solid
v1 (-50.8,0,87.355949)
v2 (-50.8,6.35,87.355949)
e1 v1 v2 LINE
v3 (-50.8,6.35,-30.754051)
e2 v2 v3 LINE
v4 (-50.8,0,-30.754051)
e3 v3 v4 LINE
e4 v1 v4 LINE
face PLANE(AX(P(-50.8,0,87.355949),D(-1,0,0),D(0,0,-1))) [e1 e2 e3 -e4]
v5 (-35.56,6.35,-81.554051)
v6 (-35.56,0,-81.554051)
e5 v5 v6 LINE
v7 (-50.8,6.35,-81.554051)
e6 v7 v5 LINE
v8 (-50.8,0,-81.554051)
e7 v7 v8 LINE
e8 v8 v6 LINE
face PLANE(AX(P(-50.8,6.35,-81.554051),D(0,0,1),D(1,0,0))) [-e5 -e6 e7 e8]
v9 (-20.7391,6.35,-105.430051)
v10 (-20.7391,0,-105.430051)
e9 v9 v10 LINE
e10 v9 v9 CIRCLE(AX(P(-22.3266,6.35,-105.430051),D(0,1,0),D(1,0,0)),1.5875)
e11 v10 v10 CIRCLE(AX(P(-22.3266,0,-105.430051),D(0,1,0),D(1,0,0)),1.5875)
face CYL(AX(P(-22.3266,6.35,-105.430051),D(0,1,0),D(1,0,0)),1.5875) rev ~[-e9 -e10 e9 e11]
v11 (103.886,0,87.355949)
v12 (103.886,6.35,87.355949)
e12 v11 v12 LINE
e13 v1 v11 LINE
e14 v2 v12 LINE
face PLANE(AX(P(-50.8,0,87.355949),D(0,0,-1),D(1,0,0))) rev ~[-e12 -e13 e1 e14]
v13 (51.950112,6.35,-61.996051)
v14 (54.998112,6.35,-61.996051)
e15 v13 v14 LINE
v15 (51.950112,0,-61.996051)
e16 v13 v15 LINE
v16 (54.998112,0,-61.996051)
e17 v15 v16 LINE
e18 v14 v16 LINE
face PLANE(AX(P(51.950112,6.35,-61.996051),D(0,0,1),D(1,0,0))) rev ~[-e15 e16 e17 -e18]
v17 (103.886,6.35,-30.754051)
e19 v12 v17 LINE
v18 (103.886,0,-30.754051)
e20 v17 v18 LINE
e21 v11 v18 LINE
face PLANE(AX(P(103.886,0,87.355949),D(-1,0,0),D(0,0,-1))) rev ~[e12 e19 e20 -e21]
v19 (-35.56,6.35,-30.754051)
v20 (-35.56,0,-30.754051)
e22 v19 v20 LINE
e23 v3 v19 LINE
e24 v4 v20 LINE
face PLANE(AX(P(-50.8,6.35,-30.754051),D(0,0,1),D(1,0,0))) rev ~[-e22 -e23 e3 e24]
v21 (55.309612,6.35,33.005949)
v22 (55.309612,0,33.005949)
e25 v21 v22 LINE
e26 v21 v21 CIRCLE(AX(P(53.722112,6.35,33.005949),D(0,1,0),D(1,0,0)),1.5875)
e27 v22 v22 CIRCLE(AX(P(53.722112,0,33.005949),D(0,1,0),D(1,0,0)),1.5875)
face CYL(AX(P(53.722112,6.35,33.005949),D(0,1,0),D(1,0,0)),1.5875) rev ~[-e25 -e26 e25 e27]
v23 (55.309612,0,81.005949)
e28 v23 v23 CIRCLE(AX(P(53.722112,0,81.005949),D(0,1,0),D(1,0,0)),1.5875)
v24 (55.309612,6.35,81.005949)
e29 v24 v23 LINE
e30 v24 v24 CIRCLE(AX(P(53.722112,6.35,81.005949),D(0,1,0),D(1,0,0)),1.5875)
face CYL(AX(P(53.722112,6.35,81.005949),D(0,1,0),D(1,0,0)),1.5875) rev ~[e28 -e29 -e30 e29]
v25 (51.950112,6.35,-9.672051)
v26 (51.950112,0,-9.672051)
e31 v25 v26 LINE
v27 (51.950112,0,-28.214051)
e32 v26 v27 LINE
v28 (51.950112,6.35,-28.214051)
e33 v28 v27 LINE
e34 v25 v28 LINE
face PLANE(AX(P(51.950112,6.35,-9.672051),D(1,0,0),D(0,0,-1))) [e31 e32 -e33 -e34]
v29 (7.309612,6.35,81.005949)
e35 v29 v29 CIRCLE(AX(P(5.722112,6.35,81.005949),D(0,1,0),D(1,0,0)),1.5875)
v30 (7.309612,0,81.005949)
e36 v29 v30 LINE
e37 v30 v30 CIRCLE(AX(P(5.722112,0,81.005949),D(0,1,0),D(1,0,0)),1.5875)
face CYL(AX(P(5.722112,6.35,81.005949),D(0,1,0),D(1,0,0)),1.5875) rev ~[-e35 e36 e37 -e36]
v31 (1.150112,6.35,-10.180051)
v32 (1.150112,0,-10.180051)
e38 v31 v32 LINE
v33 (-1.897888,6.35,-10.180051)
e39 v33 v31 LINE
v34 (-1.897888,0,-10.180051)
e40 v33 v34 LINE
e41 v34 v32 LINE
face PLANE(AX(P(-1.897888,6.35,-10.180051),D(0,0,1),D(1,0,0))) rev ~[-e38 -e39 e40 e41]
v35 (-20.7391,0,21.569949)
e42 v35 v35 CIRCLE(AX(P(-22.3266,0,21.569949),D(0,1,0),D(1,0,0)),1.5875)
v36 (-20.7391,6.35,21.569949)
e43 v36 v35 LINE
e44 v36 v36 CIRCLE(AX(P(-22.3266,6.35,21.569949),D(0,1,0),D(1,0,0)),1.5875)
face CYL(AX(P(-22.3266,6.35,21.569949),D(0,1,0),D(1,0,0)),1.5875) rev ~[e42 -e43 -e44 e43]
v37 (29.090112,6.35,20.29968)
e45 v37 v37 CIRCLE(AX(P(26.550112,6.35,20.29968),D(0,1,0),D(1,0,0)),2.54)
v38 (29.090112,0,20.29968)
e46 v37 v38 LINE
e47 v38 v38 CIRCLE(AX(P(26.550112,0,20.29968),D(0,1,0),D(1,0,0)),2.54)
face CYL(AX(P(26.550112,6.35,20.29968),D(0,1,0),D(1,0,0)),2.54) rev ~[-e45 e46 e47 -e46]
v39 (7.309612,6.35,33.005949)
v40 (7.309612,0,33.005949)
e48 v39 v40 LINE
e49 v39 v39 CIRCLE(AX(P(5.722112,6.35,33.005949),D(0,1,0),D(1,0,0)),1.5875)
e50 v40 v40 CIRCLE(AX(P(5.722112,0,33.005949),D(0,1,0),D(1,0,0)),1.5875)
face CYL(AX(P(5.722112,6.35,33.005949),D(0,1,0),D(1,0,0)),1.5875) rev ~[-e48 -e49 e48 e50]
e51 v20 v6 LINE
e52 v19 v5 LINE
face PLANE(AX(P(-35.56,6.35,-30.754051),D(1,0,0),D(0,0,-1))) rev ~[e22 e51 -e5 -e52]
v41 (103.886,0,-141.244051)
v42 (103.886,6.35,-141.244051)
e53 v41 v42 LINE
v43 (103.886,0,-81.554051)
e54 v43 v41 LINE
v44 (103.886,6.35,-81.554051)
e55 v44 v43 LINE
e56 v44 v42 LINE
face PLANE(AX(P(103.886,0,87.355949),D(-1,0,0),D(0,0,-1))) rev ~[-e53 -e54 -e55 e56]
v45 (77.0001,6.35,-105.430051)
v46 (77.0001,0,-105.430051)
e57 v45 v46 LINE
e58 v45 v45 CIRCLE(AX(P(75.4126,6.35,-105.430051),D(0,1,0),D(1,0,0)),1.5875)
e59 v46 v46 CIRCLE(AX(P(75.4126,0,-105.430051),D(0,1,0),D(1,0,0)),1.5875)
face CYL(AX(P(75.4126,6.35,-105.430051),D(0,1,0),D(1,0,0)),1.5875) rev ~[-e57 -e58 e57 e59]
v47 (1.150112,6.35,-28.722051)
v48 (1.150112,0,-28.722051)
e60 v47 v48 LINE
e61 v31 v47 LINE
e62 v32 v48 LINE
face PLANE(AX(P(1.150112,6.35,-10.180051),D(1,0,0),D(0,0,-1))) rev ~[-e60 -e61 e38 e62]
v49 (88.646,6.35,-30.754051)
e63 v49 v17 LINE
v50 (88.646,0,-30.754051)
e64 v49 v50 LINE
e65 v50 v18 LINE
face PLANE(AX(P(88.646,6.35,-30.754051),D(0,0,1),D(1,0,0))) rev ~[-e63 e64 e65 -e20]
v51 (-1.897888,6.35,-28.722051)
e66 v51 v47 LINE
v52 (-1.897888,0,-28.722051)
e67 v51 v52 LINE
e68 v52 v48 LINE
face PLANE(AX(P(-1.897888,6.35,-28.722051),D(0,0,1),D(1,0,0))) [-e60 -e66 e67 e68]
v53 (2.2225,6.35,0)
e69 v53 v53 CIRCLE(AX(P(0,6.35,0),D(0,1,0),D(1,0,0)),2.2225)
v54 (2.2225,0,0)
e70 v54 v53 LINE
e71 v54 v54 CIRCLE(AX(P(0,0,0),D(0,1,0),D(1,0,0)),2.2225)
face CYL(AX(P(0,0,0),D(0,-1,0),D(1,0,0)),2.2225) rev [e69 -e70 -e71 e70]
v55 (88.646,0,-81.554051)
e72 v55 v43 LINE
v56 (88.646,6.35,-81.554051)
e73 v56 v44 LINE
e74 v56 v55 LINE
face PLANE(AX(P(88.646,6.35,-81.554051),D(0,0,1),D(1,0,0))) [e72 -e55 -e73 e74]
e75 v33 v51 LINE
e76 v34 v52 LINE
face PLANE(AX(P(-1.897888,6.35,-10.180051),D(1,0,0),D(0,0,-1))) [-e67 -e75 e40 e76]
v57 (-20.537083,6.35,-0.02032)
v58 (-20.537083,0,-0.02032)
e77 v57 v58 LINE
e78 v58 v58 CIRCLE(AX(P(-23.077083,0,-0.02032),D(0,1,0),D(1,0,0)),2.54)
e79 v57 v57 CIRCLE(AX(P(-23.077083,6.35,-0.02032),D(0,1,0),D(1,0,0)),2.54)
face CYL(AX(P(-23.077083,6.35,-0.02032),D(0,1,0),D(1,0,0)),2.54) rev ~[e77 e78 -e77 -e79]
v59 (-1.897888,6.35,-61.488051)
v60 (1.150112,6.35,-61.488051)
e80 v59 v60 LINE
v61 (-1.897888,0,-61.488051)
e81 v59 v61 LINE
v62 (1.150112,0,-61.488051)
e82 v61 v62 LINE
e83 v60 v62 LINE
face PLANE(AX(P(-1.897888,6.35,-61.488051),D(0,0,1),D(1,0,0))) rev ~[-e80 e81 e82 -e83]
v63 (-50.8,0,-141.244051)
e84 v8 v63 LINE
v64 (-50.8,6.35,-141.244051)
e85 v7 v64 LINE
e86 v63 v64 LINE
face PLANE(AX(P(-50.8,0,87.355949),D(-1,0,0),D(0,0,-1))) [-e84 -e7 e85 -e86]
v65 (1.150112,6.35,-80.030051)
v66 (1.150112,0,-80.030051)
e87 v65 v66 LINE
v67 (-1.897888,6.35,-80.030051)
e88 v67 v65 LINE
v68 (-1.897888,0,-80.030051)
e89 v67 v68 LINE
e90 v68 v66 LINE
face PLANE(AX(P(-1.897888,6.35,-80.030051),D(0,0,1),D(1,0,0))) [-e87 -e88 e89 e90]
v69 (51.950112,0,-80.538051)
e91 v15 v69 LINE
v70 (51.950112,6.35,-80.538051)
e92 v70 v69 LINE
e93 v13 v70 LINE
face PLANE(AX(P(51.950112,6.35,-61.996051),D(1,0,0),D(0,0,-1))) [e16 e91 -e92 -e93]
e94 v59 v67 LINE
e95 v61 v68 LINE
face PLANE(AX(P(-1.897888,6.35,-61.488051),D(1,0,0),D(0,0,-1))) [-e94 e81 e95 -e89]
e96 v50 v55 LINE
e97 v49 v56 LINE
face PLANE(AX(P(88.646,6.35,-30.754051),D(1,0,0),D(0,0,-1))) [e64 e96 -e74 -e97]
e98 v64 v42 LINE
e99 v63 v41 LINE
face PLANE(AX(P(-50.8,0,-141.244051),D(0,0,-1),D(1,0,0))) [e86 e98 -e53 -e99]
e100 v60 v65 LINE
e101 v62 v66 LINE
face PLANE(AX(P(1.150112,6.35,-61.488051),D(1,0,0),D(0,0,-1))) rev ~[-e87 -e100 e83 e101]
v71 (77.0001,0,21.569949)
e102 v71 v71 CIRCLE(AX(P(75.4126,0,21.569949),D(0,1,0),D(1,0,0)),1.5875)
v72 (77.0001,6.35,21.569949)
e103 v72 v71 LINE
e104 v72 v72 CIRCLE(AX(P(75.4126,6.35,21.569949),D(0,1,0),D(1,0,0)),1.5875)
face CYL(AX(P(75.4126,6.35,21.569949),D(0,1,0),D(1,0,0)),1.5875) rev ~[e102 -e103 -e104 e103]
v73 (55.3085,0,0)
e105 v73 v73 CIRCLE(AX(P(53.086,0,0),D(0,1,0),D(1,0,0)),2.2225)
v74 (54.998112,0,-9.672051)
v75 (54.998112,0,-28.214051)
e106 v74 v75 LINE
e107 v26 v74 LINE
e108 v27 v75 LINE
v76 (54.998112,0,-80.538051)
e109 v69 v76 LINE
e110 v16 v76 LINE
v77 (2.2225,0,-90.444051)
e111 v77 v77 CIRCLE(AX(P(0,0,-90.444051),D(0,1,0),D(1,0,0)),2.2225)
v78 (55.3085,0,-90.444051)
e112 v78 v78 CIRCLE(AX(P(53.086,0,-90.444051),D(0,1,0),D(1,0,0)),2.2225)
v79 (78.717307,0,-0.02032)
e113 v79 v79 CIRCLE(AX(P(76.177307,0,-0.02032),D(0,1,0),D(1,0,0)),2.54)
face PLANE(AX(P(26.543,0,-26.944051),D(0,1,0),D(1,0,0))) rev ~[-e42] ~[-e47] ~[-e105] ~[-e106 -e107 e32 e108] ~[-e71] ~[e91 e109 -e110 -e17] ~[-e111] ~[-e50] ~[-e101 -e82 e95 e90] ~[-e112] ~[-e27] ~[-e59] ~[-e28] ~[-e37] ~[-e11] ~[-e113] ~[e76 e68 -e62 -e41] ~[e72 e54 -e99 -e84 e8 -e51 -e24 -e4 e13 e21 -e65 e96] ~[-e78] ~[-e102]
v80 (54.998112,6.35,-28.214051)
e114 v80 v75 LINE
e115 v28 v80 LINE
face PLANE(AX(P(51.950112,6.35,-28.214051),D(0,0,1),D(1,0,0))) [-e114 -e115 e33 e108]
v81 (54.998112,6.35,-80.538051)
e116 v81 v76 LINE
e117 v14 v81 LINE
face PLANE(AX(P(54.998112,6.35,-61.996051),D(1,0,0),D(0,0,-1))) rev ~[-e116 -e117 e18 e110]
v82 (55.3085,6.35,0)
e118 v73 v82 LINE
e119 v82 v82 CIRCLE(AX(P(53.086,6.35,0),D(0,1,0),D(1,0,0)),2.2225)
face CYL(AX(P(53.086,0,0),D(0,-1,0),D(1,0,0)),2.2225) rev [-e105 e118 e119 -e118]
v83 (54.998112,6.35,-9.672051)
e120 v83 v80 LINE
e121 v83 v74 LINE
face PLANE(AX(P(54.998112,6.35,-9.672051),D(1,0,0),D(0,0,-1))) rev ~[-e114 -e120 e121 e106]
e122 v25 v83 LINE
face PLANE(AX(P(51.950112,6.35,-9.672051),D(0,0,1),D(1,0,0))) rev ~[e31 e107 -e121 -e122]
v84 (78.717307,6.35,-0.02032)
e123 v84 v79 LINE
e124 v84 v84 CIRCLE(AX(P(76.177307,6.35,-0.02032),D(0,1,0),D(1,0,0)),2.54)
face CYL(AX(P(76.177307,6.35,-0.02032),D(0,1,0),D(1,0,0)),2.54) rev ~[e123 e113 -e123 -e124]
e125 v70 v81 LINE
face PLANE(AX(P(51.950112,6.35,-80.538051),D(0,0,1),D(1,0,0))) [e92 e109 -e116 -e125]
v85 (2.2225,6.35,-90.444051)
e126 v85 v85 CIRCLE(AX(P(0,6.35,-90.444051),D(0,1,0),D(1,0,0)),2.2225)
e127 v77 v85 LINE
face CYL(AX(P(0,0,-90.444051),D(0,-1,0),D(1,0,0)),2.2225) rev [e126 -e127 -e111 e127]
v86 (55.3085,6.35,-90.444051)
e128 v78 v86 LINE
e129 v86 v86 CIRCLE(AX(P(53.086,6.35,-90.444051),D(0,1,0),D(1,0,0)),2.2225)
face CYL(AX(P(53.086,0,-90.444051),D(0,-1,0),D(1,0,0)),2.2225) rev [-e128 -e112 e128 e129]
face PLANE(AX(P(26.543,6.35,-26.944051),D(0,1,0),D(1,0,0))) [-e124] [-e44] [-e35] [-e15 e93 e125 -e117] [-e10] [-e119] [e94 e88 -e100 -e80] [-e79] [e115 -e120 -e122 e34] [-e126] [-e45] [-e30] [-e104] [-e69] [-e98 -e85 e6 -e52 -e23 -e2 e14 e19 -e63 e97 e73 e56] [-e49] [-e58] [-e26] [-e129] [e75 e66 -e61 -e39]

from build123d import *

# Parameters (mm, degrees)
SKETCH2_W           = 154.686
SKETCH2_H           = 228.6
BOSS_EXTRUDE1_DEPTH = 6.35
SKETCH1_R           = 2.2225
CUT_EXTRUDE1_DEPTH  = 6.35
SKETCH3_W           = 15.24
SKETCH3_H           = 50.8
CUT_EXTRUDE2_DEPTH  = 6.35
SKETCH8_R           = 2.54
CUT_EXTRUDE3_DEPTH  = 17.78
SKETCH9_R           = 1.5875
CUT_EXTRUDE4_DEPTH  = 17.78
SKETCH10_R          = 1.5875
CUT_EXTRUDE5_DEPTH  = 10.16
SKETCH12_W          = 3.048
SKETCH12_H          = 18.542
CUT_EXTRUDE7_DEPTH  = 8.255


with BuildPart() as part:
    # Sketch2 → Boss-Extrude1 (new body)
    with BuildSketch(Plane(origin=(0, 0, 0), x_dir=(1, 0, 0), z_dir=(0, 1, 0))):
        with Locations((26.543, 26.944051327)):
            Rectangle(SKETCH2_W, SKETCH2_H)
    extrude(amount=BOSS_EXTRUDE1_DEPTH)

    # Sketch1 → Cut-Extrude1 (cut)
    with BuildSketch(Plane(origin=(0, 0, 0), x_dir=(1, 0, 0), z_dir=(0, 1, 0))):
        with Locations((0, 90.444051327)):
            Circle(SKETCH1_R)
        with Locations((53.086, 90.444051327)):
            Circle(SKETCH1_R)
        Circle(SKETCH1_R)
        with Locations((53.086, 0)):
            Circle(SKETCH1_R)
    extrude(amount=CUT_EXTRUDE1_DEPTH, mode=Mode.SUBTRACT)

    # Sketch3 → Cut-Extrude2 (cut)
    with BuildSketch(Plane(origin=(0, 6.35, 0), x_dir=(1, 0, 0), z_dir=(0, 1, 0))):
        with Locations((96.266, 56.154051327)):
            Rectangle(SKETCH3_W, SKETCH3_H)
        with Locations((-43.18, 56.154051327)):
            Rectangle(SKETCH3_W, SKETCH3_H)
    extrude(amount=-CUT_EXTRUDE2_DEPTH, mode=Mode.SUBTRACT)

    # Sketch8 → Cut-Extrude3 (cut)
    with BuildSketch(Plane(origin=(0, 6.35, 0), x_dir=(1, 0, 0), z_dir=(0, 1, 0))):
        with Locations((26.550112, -20.29968)):
            Circle(SKETCH8_R)
        with Locations((-23.077082804, 0.02032)):
            Circle(SKETCH8_R)
        with Locations((76.177306804, 0.02032)):
            Circle(SKETCH8_R)
    extrude(amount=-CUT_EXTRUDE3_DEPTH, mode=Mode.SUBTRACT)

    # Sketch9 → Cut-Extrude4 (cut)
    with BuildSketch(Plane(origin=(0, 6.35, 0), x_dir=(1, 0, 0), z_dir=(0, 1, 0))):
        with Locations((53.722112, -33.005948673)):
            Circle(SKETCH9_R)
        with Locations((5.722112, -33.005948673)):
            Circle(SKETCH9_R)
        with Locations((53.722112, -81.005948673)):
            Circle(SKETCH9_R)
        with Locations((5.722112, -81.005948673)):
            Circle(SKETCH9_R)
    extrude(amount=-CUT_EXTRUDE4_DEPTH, mode=Mode.SUBTRACT)

    # Sketch10 → Cut-Extrude5 (cut)
    with BuildSketch(Plane(origin=(0, 6.35, 0), x_dir=(1, 0, 0), z_dir=(0, 1, 0))):
        with Locations((-22.3266, 105.430051327)):
            Circle(SKETCH10_R)
        with Locations((-22.3266, -21.569948673)):
            Circle(SKETCH10_R)
        with Locations((75.4126, 105.430051327)):
            Circle(SKETCH10_R)
        with Locations((75.4126, -21.569948673)):
            Circle(SKETCH10_R)
    extrude(amount=-CUT_EXTRUDE5_DEPTH, mode=Mode.SUBTRACT)

    # Sketch12 → Cut-Extrude7 (cut)
    with BuildSketch(Plane(origin=(0, 6.35, 0), x_dir=(1, 0, 0), z_dir=(0, 1, 0))):
        with Locations((-0.373888, 19.451051327)):
            Rectangle(SKETCH12_W, SKETCH12_H)
        with Locations((-0.373888, 70.759051327)):
            Rectangle(SKETCH12_W, SKETCH12_H)
        with Locations((53.474112, 71.267051327)):
            Rectangle(SKETCH12_W, SKETCH12_H)
        with Locations((53.474112, 18.943051327)):
            Rectangle(SKETCH12_W, SKETCH12_H)
    extrude(amount=-CUT_EXTRUDE7_DEPTH, mode=Mode.SUBTRACT)


solid = part.part
